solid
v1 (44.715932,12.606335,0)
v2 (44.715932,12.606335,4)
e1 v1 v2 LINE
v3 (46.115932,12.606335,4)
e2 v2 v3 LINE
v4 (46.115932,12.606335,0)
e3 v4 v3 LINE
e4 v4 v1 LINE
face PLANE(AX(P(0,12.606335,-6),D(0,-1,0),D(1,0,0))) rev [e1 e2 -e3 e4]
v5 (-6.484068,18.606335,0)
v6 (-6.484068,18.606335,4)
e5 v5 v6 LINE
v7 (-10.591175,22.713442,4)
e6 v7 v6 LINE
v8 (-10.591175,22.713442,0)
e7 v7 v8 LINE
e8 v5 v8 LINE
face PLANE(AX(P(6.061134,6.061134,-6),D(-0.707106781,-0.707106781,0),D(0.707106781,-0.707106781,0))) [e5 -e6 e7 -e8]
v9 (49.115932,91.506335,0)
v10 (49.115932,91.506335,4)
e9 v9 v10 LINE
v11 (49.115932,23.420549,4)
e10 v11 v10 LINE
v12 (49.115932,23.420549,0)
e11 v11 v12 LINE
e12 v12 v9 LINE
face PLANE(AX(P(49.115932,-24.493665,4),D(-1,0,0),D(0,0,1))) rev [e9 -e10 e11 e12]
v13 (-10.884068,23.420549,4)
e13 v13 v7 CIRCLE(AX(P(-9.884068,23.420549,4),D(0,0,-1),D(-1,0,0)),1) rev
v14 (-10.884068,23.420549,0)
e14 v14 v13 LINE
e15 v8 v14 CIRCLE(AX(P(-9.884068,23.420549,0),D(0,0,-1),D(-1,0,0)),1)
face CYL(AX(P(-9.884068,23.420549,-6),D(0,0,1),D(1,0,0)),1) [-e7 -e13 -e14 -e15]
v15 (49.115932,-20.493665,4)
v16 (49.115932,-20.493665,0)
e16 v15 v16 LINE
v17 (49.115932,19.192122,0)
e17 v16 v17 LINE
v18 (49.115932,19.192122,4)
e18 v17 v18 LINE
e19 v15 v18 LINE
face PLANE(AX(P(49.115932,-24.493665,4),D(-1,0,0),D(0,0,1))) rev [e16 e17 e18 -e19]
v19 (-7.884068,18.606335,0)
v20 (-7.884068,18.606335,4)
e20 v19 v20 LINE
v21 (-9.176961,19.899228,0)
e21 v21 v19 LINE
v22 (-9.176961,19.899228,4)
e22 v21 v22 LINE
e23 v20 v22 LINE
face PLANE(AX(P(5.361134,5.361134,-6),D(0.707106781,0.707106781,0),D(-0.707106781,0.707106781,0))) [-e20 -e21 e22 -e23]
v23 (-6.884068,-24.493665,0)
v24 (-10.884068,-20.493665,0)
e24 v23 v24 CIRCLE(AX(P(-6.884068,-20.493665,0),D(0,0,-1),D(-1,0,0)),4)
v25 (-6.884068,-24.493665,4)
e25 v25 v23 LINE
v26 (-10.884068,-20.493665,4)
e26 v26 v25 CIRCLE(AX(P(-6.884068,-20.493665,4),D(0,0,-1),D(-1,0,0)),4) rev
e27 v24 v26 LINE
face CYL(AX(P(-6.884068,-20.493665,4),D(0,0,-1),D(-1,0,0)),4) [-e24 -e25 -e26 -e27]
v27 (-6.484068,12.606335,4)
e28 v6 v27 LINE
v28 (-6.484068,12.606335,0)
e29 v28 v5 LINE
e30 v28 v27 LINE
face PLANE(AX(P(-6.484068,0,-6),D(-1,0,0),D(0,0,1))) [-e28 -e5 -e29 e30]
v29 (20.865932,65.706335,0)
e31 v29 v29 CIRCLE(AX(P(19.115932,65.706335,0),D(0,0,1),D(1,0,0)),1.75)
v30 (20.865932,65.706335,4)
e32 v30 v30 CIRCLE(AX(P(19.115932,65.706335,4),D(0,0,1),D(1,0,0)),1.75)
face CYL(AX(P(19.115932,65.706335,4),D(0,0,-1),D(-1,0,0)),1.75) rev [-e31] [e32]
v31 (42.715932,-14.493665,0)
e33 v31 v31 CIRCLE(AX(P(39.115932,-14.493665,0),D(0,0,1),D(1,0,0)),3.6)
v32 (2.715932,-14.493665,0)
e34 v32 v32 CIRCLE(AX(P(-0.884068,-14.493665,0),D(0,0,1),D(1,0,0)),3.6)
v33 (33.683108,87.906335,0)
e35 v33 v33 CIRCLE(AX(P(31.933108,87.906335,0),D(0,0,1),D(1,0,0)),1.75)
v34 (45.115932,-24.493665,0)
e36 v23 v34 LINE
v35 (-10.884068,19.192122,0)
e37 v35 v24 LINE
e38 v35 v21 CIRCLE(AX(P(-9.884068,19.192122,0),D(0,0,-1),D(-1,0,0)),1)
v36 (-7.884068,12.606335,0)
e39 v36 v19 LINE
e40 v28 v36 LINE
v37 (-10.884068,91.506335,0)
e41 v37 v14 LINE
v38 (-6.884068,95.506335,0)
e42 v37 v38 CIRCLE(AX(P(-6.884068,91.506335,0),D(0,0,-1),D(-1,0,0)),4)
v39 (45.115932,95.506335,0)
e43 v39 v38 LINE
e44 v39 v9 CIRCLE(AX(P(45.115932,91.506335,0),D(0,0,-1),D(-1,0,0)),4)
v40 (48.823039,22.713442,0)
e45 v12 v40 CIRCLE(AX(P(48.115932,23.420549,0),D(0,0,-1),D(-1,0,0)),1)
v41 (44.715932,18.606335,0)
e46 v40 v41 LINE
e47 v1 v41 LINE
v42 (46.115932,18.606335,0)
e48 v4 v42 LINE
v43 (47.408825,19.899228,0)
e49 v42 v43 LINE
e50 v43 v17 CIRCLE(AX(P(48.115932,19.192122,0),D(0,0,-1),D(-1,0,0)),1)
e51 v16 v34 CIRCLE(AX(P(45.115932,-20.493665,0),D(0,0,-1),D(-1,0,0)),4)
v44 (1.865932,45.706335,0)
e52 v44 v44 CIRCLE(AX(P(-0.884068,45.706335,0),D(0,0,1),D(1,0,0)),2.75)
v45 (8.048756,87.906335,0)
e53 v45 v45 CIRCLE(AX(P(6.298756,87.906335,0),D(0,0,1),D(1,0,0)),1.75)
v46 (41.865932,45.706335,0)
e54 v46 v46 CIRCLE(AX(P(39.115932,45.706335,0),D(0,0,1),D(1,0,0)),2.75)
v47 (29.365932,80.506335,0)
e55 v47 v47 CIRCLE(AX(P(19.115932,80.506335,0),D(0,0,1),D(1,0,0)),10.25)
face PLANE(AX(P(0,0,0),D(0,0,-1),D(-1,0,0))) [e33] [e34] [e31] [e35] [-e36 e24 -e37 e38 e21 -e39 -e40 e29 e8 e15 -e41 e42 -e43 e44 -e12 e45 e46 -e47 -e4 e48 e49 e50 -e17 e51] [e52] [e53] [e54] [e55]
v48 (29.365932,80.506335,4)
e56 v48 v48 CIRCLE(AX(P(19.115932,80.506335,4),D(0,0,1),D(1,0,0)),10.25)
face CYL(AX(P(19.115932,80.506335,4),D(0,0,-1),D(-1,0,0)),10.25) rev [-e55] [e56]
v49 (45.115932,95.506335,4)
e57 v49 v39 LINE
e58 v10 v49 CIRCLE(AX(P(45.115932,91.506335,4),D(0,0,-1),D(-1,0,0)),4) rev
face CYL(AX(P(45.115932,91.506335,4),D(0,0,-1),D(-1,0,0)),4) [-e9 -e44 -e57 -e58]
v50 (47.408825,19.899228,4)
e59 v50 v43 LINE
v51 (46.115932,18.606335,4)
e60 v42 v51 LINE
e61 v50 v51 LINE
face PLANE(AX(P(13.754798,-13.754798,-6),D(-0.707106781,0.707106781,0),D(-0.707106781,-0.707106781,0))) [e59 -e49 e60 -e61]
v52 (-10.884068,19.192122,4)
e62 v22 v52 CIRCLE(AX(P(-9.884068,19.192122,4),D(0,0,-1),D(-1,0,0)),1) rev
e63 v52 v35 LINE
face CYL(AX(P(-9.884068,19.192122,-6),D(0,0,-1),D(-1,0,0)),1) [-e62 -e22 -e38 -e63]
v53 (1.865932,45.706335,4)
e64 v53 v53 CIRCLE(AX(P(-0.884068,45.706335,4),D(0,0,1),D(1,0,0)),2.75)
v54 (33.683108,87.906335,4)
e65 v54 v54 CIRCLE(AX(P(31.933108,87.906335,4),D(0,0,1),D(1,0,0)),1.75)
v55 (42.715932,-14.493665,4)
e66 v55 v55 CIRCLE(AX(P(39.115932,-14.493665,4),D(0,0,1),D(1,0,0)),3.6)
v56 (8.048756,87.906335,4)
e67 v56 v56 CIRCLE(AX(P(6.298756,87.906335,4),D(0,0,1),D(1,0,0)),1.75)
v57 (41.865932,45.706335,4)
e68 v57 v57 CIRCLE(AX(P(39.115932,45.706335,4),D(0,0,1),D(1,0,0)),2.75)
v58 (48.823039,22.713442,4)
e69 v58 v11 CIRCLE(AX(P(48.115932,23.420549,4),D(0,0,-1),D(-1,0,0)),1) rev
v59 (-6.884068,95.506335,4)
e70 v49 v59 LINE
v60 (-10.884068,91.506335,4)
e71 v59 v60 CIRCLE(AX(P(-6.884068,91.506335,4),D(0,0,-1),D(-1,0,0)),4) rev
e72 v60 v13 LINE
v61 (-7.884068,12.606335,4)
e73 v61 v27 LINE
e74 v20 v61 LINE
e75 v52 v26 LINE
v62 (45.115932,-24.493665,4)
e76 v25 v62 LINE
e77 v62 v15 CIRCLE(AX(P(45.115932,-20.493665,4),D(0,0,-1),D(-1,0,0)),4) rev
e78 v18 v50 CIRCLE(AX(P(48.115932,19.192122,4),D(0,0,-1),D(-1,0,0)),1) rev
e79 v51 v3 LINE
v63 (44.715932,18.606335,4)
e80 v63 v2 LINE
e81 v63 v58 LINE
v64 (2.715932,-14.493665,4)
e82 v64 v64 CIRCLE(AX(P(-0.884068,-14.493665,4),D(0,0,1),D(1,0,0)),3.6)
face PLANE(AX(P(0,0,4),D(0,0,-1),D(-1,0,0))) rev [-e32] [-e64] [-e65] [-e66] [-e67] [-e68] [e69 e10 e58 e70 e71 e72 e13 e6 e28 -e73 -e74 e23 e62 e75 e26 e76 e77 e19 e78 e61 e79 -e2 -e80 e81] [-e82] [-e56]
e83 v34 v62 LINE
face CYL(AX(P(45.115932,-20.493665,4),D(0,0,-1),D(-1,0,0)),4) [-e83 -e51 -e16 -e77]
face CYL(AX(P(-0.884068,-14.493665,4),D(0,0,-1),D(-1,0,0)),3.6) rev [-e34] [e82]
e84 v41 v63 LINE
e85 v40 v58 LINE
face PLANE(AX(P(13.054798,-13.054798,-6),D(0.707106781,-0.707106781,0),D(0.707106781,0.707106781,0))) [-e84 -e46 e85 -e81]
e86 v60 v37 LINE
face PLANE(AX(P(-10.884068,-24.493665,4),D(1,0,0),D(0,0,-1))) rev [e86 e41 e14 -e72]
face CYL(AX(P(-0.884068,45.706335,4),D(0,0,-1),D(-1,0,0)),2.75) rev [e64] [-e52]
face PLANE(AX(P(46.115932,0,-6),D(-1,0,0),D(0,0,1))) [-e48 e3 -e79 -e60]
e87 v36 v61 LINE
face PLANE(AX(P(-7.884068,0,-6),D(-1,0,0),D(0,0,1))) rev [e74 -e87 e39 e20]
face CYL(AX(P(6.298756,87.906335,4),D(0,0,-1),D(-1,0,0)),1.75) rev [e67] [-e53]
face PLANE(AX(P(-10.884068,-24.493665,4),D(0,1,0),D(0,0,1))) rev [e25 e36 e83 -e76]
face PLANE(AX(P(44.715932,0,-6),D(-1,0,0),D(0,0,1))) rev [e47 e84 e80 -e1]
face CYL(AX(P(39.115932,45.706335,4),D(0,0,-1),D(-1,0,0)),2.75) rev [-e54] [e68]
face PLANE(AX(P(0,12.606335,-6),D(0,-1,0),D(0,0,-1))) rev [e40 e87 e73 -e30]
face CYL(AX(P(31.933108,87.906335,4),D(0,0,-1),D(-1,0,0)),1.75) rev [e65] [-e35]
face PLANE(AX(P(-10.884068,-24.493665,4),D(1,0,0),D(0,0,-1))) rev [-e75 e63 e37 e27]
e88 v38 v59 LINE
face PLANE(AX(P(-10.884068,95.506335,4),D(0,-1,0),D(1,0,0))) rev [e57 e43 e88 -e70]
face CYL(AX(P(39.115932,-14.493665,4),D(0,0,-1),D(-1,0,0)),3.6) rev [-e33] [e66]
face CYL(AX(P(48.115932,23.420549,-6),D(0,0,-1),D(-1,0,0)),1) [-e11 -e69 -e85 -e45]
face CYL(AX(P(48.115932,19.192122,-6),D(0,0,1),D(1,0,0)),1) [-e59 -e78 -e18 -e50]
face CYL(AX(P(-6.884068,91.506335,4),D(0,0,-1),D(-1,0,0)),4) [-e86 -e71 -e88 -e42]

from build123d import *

# Parameters (mm, degrees)
SZKIC1_W                    = 60
SZKIC1_H                    = 120
SZKIC1_R                    = 2.75
SZKIC1_R_2                  = 3.6
SZKIC1_R_3                  = 10.25
SZKIC1_R_4                  = 1.75
DODANIE_WYCI_GNI_CIE1_DEPTH = 4
ZAOKR_GLENIE1_R             = 4
SZKIC2_W                    = 1.4
SZKIC2_H                    = 6
WYTNIJ_WYCI_GNI_CIE1_DEPTH  = 10
ZAOKR_GLENIE2_R             = 1
ZAOKR_GLENIE3_R             = 1


with BuildPart() as part:
    # Szkic1 → Dodanie-wyciągnięcie1 (new body)
    with BuildSketch(Plane.XY):
        with Locations((19.115931961, 35.506335127)):
            Rectangle(SZKIC1_W, SZKIC1_H)
        with Locations((-0.884068039, 45.706335127)):
            Circle(SZKIC1_R, mode=Mode.SUBTRACT)
        with Locations((-0.884068039, -14.493664873)):
            Circle(SZKIC1_R_2, mode=Mode.SUBTRACT)
        with Locations((39.115931961, -14.493664873)):
            Circle(SZKIC1_R_2, mode=Mode.SUBTRACT)
        with Locations((39.115931961, 45.706335127)):
            Circle(SZKIC1_R, mode=Mode.SUBTRACT)
        with Locations((19.115931961, 80.506335127)):
            Circle(SZKIC1_R_3, mode=Mode.SUBTRACT)
        with Locations((6.298755985, 87.906335127)):
            Circle(SZKIC1_R_4, mode=Mode.SUBTRACT)
        with Locations((31.933107937, 87.906335127)):
            Circle(SZKIC1_R_4, mode=Mode.SUBTRACT)
        with Locations((19.115931961, 65.706335127)):
            Circle(SZKIC1_R_4, mode=Mode.SUBTRACT)
    extrude(amount=DODANIE_WYCI_GNI_CIE1_DEPTH)

    # Zaokrąglenie1
    zaokr_glenie1_edges = [part.edges().sort_by_distance(p)[0] for p in [
        (-10.884068039, 95.506335127, 2),
        (49.115931961, 95.506335127, 2),
        (49.115931961, -24.493664873, 2),
        (-10.884068039, -24.493664873, 2),
    ]]
    fillet(zaokr_glenie1_edges, radius=ZAOKR_GLENIE1_R)

    # Szkic2 → Wytnij-wyciągnięcie1 (cut)
    with BuildSketch(Plane.XY.offset(4)):
        with Locations((-7.184068039, 15.606335127)):
            Rectangle(SZKIC2_W, SZKIC2_H)
        Polygon((-10.884068039, 21.606335127), (-7.884068039, 18.606335127), (-6.484068039, 18.606335127), (-10.884068039, 23.006335127), align=None)
        Polygon((49.115931961, 23.006335127), (44.715931961, 18.606335127), (46.115931961, 18.606335127), (49.115931961, 21.606335127), align=None)
        with Locations((45.415931961, 15.606335127)):
            Rectangle(SZKIC2_W, SZKIC2_H)
    extrude(amount=-WYTNIJ_WYCI_GNI_CIE1_DEPTH, mode=Mode.SUBTRACT)

    # Zaokrąglenie2
    zaokr_glenie2_edges = [part.edges().sort_by_distance(p)[0] for p in [
        (49.115931961, 21.606335127, 2),
        (49.115931961, 23.006335127, 2),
    ]]
    fillet(zaokr_glenie2_edges, radius=ZAOKR_GLENIE2_R)

    # Zaokrąglenie3
    zaokr_glenie3_edges = [part.edges().sort_by_distance(p)[0] for p in [
        (-10.884068039, 23.006335127, 2),
        (-10.884068039, 21.606335127, 2),
    ]]
    fillet(zaokr_glenie3_edges, radius=ZAOKR_GLENIE3_R)


solid = part.part
